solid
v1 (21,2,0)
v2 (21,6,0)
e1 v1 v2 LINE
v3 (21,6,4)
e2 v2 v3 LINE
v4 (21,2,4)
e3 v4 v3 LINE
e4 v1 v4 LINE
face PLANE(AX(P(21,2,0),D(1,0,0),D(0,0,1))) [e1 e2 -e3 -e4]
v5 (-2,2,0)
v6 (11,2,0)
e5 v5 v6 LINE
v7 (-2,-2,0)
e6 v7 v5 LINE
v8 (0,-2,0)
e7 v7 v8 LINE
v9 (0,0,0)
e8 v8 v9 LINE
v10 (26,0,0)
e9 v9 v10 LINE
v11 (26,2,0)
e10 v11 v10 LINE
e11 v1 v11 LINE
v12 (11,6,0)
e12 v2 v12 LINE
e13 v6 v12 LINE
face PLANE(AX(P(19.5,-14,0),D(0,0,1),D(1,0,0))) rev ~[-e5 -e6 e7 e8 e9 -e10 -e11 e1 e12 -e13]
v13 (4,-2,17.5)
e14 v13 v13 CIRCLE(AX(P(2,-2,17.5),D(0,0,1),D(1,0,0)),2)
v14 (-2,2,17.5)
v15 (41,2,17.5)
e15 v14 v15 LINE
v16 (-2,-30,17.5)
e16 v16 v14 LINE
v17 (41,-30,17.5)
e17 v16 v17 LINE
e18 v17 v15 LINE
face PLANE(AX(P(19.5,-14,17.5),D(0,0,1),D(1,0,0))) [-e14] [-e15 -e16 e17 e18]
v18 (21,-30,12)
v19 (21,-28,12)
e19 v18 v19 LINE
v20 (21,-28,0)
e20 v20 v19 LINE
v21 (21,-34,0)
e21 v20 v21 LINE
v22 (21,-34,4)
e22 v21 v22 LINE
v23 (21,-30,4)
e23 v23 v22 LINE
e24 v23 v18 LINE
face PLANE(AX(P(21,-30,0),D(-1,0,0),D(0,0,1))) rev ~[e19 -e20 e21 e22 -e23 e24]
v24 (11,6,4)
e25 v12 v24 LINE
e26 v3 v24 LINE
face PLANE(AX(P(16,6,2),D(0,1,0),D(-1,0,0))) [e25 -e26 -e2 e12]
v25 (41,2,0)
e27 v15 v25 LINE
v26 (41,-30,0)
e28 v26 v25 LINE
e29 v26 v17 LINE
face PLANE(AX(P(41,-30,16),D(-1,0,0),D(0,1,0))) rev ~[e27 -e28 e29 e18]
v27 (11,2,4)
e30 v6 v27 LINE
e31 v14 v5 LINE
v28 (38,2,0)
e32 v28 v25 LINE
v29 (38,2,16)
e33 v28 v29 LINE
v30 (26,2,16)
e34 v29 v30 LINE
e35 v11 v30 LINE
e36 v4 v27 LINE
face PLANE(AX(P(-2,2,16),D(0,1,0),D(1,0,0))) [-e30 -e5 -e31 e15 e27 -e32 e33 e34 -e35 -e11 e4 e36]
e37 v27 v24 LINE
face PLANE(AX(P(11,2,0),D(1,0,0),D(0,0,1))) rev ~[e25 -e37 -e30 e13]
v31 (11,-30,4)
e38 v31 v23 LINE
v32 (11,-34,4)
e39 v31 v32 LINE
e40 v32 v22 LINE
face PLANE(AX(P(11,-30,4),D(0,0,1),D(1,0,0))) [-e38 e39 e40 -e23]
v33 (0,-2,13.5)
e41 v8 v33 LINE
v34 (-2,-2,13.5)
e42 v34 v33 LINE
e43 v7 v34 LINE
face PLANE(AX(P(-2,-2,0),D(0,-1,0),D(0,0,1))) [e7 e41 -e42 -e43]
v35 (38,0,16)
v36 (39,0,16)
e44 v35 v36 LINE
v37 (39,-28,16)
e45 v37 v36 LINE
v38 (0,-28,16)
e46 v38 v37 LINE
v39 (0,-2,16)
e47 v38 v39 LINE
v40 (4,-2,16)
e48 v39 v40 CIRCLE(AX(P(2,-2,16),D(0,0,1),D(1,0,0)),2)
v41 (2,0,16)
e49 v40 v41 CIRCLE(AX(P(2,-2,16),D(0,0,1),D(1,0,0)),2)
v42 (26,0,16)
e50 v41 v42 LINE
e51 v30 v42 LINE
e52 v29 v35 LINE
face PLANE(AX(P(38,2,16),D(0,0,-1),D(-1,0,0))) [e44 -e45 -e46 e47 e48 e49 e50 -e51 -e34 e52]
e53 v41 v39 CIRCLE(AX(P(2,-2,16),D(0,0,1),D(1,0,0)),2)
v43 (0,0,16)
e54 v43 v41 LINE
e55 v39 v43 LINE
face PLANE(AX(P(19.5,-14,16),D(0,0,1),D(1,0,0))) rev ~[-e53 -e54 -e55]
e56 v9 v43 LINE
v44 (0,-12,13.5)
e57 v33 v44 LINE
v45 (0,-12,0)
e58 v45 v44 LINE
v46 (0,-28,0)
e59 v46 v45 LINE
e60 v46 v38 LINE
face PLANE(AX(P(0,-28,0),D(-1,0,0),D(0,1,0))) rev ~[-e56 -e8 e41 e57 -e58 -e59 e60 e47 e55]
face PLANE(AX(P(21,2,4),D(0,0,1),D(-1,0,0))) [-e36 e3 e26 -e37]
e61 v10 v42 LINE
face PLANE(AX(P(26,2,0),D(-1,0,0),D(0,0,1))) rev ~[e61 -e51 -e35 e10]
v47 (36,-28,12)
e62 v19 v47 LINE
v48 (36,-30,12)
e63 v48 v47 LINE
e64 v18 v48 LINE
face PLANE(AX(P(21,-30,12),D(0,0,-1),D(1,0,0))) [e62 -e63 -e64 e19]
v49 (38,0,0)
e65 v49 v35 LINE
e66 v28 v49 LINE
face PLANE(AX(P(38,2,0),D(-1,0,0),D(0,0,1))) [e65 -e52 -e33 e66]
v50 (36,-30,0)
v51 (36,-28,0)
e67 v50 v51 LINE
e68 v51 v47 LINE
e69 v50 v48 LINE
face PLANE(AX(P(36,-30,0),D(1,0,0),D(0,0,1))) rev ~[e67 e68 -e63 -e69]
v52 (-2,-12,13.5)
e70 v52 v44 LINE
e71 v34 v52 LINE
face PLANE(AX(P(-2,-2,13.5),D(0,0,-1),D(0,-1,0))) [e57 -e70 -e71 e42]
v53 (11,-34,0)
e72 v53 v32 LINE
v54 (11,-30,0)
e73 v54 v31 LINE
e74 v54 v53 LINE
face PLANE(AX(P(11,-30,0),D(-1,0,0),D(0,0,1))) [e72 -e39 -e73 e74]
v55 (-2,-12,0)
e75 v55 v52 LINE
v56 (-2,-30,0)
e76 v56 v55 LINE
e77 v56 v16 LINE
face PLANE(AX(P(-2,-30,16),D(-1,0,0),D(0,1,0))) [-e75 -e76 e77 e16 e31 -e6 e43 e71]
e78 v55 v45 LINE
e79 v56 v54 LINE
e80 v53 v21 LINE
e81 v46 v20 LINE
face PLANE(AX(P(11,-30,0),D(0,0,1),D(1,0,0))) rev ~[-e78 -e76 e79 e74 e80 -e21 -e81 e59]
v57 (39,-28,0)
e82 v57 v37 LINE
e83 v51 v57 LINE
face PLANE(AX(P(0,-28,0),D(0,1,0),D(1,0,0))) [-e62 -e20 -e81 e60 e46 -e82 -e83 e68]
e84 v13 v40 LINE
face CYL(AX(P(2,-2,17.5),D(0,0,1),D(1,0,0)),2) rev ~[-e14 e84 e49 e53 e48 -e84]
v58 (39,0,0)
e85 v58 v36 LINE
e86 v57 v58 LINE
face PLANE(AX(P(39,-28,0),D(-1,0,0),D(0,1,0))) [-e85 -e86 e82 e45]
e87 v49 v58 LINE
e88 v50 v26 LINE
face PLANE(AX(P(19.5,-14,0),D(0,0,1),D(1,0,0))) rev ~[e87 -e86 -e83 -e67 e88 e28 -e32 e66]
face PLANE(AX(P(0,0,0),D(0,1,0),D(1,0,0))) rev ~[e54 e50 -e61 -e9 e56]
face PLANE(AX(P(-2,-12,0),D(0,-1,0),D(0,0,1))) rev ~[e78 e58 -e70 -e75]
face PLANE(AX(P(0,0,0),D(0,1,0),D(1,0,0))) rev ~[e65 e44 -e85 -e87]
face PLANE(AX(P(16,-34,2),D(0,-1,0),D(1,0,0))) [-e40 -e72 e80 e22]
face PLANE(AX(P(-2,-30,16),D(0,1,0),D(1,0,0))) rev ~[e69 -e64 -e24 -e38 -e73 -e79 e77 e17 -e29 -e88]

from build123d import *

# Parameters (mm, degrees)
F0_W      = 43
F0_H      = 32
F0_W_2    = 39
F0_H_2    = 28
F1_DEPTH  = 16
F2_W      = 43
F2_H      = 32
F3_DEPTH  = 1.5
F4_W      = 10
F4_H      = 13.5
F5_DEPTH  = 2
F6_R      = 2
F7_DEPTH  = 1.5
F8_W      = 12
F8_H      = 16
F9_DEPTH  = 2
F10_W     = 15
F10_H     = 12
F11_DEPTH = 2
F12_W     = 10
F12_H     = 4
F13_DEPTH = 4
F14_W     = 10
F14_H     = 4
F15_DEPTH = 4


with BuildPart() as f1:
    # F0 (on Top) → F1 (new body)
    with BuildSketch(Plane.XY):
        with Locations((19.5, -14)):
            Rectangle(F0_W, F0_H)
        with Locations((19.5, -14)):
            Rectangle(F0_W_2, F0_H_2, mode=Mode.SUBTRACT)
    extrude(amount=F1_DEPTH)

    # F2 (on face) → F3 (join)
    with BuildSketch(Plane.XY.offset(16)):
        with Locations((19.5, -14)):
            Rectangle(F2_W, F2_H)
    extrude(amount=F3_DEPTH)

    # F4 (on face) → F5 (cut, through all)
    with BuildSketch(Plane(origin=(-2, 0, 0), x_dir=(0, -1, 0), z_dir=(-1, 0, 0))):
        with Locations((7, 6.75)):
            Rectangle(F4_W, F4_H)
    extrude(amount=-F5_DEPTH, mode=Mode.SUBTRACT)

    # F6 (on face) → F7 (cut, through all)
    with BuildSketch(Plane.XY.offset(17.5)):
        with Locations((2, -2)):
            Circle(F6_R)
    extrude(amount=-F7_DEPTH, mode=Mode.SUBTRACT)

    # F8 (on face) → F9 (cut, through all)
    with BuildSketch(Plane(origin=(0, 2, 0), x_dir=(-1, 0, 0), z_dir=(0, 1, 0))):
        with Locations((-32, 8)):
            Rectangle(F8_W, F8_H)
    extrude(amount=-F9_DEPTH, mode=Mode.SUBTRACT)

    # F10 (on face) → F11 (cut, through all)
    with BuildSketch(Plane.XZ.offset(30)):
        with Locations((28.5, 6)):
            Rectangle(F10_W, F10_H)
    extrude(amount=-F11_DEPTH, mode=Mode.SUBTRACT)

    # F12 (on face) → F13 (join)
    with BuildSketch(Plane.XZ.offset(30)):
        with Locations((16, 2)):
            Rectangle(F12_W, F12_H)
    extrude(amount=F13_DEPTH)

    # F14 (on face) → F15 (join)
    with BuildSketch(Plane(origin=(0, 2, 0), x_dir=(-1, 0, 0), z_dir=(0, 1, 0))):
        with Locations((-16, 2)):
            Rectangle(F14_W, F14_H)
    extrude(amount=F15_DEPTH)


solid = f1.part
